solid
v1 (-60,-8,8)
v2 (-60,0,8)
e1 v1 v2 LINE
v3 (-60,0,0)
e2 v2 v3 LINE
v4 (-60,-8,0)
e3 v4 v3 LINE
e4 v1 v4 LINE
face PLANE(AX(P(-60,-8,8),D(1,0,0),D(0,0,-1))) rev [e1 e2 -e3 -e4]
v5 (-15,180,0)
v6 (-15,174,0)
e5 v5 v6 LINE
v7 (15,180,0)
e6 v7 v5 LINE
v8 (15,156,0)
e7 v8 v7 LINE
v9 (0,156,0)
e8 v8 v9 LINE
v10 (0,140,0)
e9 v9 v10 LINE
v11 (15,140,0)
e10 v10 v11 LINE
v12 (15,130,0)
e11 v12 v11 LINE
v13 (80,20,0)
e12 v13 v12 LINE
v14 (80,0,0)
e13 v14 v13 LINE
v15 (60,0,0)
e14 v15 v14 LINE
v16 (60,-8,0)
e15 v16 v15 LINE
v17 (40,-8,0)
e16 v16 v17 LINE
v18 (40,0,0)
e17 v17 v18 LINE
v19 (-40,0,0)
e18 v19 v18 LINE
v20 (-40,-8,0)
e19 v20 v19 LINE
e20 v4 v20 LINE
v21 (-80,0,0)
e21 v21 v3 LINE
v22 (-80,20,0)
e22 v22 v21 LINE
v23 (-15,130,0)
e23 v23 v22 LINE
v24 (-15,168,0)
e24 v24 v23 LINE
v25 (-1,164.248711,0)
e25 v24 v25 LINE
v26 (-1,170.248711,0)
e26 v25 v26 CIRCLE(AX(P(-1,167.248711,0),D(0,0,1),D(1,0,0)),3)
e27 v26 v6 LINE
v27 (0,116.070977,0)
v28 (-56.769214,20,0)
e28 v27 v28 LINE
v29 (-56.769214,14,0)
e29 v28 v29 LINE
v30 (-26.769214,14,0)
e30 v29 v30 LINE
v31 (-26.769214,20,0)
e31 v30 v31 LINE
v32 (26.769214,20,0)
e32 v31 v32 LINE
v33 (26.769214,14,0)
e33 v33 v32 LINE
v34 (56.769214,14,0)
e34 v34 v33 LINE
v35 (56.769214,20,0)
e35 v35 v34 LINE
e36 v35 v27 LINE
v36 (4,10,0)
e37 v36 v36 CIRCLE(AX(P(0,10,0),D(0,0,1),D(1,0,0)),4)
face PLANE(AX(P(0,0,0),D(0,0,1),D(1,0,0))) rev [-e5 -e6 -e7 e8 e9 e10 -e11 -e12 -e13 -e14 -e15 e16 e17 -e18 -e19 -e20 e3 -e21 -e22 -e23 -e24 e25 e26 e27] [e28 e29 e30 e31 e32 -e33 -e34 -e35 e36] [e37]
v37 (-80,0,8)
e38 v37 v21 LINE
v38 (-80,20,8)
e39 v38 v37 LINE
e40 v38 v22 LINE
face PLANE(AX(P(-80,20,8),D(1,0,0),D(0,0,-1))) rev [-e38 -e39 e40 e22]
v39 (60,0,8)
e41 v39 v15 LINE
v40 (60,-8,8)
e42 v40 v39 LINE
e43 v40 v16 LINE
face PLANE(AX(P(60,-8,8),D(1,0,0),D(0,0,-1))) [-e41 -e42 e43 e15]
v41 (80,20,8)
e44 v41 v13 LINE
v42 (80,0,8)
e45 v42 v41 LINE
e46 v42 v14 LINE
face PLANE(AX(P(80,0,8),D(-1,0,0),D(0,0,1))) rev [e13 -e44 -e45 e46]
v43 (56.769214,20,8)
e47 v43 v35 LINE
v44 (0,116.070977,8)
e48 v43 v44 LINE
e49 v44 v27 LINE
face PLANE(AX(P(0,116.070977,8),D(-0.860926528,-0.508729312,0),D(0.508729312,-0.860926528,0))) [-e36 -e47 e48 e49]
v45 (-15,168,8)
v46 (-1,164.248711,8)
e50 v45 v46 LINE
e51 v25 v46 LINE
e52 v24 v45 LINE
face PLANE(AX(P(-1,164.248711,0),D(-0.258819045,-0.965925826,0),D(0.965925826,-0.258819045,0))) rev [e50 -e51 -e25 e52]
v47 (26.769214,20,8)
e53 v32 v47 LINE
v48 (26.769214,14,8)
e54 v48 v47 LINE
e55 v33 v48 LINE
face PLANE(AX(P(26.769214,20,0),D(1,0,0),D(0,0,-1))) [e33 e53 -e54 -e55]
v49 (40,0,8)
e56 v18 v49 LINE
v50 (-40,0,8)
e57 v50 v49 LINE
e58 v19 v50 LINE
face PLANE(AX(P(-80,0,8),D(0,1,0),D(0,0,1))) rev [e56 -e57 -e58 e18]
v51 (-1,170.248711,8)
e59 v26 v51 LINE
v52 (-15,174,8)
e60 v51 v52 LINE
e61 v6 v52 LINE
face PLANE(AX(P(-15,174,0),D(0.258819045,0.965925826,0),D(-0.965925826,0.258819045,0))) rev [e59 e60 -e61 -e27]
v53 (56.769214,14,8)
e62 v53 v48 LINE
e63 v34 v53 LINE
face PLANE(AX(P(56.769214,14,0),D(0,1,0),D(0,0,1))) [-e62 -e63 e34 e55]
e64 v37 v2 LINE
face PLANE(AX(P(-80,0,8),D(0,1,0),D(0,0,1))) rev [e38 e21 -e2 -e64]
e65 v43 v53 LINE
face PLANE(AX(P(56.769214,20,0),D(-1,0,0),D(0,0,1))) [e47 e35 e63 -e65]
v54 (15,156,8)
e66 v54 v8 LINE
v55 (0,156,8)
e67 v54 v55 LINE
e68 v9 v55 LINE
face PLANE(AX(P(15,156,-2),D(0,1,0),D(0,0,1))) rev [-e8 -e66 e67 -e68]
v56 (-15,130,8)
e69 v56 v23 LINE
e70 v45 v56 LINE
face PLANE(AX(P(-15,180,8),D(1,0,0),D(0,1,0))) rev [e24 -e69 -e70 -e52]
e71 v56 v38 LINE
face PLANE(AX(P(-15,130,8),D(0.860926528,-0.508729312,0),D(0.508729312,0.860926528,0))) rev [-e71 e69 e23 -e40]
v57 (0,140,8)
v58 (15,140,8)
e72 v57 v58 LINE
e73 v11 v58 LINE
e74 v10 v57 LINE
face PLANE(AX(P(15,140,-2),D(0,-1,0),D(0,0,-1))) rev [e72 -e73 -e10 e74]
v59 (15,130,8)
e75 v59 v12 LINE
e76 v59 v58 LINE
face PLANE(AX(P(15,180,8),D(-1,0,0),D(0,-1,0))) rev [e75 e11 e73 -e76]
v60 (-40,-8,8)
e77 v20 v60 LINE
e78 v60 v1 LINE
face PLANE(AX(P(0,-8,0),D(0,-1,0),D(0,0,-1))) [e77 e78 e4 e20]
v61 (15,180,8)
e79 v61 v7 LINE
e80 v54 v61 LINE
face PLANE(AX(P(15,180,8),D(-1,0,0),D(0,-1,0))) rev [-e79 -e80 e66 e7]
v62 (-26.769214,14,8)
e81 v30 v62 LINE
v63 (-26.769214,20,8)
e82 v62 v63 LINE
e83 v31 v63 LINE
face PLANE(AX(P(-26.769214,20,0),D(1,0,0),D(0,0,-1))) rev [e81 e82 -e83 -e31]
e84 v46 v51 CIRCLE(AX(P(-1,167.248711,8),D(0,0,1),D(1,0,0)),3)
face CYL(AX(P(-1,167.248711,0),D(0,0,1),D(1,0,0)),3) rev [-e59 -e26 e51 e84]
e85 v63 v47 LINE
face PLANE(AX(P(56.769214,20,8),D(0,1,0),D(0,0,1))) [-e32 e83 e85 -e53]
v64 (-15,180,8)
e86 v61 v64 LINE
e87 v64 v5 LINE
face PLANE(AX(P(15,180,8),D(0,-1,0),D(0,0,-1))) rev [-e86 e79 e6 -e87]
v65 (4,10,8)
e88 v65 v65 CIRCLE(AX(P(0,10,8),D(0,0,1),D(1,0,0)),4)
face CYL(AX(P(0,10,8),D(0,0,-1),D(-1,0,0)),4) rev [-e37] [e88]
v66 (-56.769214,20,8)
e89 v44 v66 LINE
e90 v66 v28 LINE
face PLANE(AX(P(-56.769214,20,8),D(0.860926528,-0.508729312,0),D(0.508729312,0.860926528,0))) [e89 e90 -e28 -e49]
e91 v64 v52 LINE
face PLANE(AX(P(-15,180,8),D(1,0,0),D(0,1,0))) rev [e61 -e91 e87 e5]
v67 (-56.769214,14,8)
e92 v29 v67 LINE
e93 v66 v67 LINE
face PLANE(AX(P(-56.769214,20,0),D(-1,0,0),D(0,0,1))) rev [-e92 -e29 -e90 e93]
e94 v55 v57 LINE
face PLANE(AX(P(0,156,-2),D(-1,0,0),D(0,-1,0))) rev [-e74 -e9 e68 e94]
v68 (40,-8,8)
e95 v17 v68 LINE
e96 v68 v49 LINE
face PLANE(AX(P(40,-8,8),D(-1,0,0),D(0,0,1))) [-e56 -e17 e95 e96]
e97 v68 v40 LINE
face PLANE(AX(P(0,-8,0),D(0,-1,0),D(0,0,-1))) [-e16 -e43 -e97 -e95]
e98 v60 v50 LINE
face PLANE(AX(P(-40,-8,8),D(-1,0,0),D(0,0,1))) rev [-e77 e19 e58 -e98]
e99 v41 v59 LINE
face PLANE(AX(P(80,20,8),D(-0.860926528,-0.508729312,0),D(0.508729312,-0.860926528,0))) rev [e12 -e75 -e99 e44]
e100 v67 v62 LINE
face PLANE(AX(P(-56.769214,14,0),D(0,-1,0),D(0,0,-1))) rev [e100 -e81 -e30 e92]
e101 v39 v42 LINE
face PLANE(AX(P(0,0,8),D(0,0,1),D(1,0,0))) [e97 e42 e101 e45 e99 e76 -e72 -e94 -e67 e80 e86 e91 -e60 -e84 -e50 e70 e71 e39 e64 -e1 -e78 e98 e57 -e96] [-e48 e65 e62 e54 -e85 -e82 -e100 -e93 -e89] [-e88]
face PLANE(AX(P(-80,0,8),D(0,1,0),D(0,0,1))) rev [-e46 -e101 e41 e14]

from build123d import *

# Parameters (mm, degrees)
SKETCH1_R           = 4
BOSS_EXTRUDE1_DEPTH = 8
SKETCH2_W           = 20
SKETCH2_H           = 8
BOSS_EXTRUDE2_DEPTH = 8
SKETCH4_W           = 15
SKETCH4_H           = 16
CUT_EXTRUDE1_DEPTH  = 10
SKETCH5_W           = 30
SKETCH5_H           = 6
CUT_EXTRUDE2_DEPTH  = 8
CUT_EXTRUDE4_DEPTH  = 198.139544486


with BuildPart() as part:
    # Sketch1 → Boss-Extrude1 (new body)
    with BuildSketch(Plane.XY):
        Polygon((-80, 0), (80, 0), (80, 20), (15, 130), (15, 180), (-15, 180), (-15, 130), (-80, 20), align=None)
        with Locations((0, 10)):
            Circle(SKETCH1_R, mode=Mode.SUBTRACT)
        Polygon((-56.769213929, 20), (0, 116.070977418), (56.769213929, 20), align=None, mode=Mode.SUBTRACT)
    extrude(amount=BOSS_EXTRUDE1_DEPTH)

    # Sketch2 → Boss-Extrude2 (add)
    with BuildSketch(Plane.XZ):
        with Locations((-50, 4)):
            Rectangle(SKETCH2_W, SKETCH2_H)
    boss_extrude2 = extrude(amount=BOSS_EXTRUDE2_DEPTH)

    # Mirror1: Boss-Extrude2 across plane
    add(boss_extrude2.mirror(Plane(origin=(0, 0, 0), x_dir=(0, 0, 1), z_dir=(1, 0, 0))))

    # Sketch4 → Cut-Extrude1 (cut)
    with BuildSketch(Plane.XY.offset(8)):
        with Locations((7.5, 148)):
            Rectangle(SKETCH4_W, SKETCH4_H)
    extrude(amount=-CUT_EXTRUDE1_DEPTH, mode=Mode.SUBTRACT)

    # Sketch5 → Cut-Extrude2 (cut)
    with BuildSketch(Plane.XY.offset(8)):
        with Locations((-41.769213929, 17)):
            Rectangle(SKETCH5_W, SKETCH5_H)
    cut_extrude2 = extrude(amount=-CUT_EXTRUDE2_DEPTH, mode=Mode.SUBTRACT)

    # Mirror2: Cut-Extrude2 across plane
    add(cut_extrude2.mirror(Plane(origin=(0, 0, 0), x_dir=(0, 0, 1), z_dir=(1, 0, 0))), mode=Mode.SUBTRACT)

    # Sketch7 → Cut-Extrude4 (cut, through all)
    with BuildSketch(Plane.XY.offset(8)):
        with BuildLine():
            Line((-15, 174), (-1, 170.248711306))
            ThreePointArc((-1, 170.248711306), (2, 167.248711306), (-1, 164.248711306))
            Line((-1, 164.248711306), (-15, 168))
            Line((-15, 168), (-15, 174))
        make_face()
    extrude(amount=-CUT_EXTRUDE4_DEPTH, mode=Mode.SUBTRACT)


solid = part.part
